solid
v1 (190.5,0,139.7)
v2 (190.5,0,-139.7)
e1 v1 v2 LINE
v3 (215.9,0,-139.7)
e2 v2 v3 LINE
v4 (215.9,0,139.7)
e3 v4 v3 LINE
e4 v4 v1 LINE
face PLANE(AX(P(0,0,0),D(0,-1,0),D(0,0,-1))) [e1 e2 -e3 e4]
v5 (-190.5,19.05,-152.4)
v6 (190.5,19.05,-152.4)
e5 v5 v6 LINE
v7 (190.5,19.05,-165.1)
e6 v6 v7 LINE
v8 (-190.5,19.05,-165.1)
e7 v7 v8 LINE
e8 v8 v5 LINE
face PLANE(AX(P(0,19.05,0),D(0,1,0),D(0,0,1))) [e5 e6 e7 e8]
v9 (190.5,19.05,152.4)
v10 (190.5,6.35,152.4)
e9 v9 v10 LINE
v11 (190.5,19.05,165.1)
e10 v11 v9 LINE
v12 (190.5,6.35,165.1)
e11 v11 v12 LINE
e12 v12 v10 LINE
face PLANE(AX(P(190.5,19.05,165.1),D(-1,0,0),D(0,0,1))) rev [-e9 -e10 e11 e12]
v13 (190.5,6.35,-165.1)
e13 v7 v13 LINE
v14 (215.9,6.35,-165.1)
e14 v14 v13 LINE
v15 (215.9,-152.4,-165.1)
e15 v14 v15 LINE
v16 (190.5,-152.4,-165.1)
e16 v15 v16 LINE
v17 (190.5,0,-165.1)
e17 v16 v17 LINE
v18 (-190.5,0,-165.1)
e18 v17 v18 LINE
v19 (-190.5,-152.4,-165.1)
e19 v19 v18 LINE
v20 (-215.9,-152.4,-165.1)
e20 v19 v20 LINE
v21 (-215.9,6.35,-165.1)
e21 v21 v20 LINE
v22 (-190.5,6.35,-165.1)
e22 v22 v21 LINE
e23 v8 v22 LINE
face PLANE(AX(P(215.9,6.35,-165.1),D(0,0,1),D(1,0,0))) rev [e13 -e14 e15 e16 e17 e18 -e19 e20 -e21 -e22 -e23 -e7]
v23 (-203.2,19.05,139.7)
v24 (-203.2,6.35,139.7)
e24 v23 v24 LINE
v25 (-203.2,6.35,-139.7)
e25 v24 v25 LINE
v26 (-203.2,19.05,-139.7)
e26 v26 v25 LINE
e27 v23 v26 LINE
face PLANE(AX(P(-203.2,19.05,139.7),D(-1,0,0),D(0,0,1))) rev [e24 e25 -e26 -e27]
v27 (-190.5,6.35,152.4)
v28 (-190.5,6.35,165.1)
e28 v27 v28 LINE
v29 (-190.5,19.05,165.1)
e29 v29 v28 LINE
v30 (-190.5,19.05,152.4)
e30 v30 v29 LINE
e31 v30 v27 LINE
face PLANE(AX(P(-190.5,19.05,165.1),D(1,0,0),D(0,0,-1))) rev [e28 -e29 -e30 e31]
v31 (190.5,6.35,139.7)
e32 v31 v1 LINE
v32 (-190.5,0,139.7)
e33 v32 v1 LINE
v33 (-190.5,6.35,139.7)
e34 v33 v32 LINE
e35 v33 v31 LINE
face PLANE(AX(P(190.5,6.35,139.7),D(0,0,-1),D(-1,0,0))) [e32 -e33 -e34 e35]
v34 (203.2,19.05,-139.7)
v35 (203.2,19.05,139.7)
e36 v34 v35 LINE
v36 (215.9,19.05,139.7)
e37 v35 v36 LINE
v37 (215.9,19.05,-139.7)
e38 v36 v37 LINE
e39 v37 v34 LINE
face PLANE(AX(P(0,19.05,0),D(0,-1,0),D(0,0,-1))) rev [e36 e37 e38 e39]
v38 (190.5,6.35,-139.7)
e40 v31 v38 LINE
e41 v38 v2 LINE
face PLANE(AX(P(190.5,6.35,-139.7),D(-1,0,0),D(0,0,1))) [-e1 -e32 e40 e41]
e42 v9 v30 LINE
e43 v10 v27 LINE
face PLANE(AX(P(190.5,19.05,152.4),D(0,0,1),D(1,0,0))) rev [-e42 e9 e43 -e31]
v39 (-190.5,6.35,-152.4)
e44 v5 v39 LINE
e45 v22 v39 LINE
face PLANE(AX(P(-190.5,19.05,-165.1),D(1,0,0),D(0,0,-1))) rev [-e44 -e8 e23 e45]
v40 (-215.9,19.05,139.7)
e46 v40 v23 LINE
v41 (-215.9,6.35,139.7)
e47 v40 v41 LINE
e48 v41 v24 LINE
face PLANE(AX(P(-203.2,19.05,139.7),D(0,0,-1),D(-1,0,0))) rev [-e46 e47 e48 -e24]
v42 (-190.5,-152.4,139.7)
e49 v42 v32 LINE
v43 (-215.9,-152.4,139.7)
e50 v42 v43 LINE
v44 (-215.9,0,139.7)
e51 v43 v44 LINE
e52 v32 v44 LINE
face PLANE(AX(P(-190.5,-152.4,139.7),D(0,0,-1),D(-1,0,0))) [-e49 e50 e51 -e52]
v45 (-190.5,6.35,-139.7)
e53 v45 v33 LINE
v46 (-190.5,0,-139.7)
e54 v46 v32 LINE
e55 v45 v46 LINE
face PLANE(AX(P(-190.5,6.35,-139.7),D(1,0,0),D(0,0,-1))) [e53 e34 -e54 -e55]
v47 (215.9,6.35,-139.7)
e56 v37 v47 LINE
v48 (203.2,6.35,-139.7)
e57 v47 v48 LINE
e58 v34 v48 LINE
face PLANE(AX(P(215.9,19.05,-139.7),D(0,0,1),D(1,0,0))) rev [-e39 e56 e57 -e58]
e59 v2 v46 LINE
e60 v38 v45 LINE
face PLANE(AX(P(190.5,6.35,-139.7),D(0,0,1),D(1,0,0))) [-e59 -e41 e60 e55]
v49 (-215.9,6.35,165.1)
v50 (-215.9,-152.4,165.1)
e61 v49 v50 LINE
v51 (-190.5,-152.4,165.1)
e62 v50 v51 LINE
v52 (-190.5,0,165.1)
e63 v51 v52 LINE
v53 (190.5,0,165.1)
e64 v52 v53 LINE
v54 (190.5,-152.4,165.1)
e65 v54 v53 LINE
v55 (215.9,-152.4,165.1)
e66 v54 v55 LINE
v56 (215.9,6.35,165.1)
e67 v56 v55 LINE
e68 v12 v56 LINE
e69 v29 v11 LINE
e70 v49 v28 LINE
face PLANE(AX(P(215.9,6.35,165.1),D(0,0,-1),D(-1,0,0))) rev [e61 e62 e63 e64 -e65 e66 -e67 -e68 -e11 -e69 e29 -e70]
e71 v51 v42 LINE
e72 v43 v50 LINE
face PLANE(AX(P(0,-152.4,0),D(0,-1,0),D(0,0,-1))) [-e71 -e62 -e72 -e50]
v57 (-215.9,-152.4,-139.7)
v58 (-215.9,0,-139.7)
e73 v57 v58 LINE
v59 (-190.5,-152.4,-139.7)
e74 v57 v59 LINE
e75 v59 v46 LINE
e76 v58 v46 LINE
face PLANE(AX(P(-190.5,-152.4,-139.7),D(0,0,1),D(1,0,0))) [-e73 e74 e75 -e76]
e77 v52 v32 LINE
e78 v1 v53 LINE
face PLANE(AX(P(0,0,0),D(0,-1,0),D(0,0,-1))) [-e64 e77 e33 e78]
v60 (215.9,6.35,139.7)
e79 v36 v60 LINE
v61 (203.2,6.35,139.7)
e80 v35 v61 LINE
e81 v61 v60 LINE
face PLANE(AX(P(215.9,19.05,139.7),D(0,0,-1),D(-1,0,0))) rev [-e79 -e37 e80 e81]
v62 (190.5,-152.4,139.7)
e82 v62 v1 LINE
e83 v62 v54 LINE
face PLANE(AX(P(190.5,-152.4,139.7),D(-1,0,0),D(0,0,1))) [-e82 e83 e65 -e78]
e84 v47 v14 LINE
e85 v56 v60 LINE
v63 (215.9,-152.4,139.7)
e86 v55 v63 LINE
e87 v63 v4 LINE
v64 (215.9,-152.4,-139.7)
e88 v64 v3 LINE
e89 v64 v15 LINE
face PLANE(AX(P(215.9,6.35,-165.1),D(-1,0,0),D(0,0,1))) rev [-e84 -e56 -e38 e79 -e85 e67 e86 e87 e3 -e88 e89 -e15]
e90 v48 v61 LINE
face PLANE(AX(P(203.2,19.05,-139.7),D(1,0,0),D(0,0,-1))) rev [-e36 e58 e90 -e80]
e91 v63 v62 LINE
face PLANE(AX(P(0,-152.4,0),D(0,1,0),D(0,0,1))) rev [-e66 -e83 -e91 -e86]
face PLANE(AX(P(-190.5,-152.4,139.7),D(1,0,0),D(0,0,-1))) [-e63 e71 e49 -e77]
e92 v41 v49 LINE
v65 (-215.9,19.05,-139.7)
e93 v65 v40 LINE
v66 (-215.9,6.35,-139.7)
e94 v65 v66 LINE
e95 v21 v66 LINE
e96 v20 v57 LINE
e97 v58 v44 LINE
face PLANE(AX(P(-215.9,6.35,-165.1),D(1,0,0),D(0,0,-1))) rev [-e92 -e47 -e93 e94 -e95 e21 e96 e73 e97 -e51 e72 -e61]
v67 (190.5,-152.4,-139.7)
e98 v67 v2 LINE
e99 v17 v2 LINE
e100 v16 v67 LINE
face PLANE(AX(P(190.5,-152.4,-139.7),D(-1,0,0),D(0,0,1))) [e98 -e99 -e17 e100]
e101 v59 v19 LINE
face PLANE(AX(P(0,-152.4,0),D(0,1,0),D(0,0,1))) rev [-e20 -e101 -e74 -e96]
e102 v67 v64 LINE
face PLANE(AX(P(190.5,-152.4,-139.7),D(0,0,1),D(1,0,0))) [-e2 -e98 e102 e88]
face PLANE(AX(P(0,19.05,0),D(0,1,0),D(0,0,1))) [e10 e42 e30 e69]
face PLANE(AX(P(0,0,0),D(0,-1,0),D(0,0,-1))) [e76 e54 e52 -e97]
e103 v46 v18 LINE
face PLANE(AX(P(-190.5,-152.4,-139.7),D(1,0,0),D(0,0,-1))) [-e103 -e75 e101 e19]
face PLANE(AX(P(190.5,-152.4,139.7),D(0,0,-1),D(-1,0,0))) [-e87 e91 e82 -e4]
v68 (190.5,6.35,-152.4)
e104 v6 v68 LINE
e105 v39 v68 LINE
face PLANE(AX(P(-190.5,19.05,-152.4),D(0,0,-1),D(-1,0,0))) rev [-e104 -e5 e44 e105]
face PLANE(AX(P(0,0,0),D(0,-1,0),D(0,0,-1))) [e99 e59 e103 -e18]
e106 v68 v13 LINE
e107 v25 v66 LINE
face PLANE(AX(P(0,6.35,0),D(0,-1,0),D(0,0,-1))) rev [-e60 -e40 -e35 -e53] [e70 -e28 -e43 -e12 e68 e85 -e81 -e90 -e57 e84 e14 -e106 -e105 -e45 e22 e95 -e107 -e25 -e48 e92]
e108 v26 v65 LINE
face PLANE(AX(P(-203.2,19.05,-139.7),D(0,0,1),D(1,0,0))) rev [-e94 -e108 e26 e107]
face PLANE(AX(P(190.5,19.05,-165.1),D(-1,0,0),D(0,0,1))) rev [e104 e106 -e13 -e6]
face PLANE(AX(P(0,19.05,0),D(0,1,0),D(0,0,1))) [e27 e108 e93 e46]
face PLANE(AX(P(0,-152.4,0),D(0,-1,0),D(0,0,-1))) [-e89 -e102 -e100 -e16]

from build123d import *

# Parameters (mm, degrees)
SKETCH1_W           = 431.8
SKETCH1_H           = 330.2
SKETCH1_W_2         = 381
SKETCH1_H_2         = 279.4
BOSS_EXTRUDE1_DEPTH = 6.35
SKETCH2_W           = 25.4
SKETCH2_H           = 25.4
BOSS_EXTRUDE2_DEPTH = 152.4
SKETCH3_W           = 12.7
SKETCH3_H           = 279.4
SKETCH3_W_2         = 381
SKETCH3_H_2         = 12.7
BOSS_EXTRUDE3_DEPTH = 12.7


with BuildPart() as part:
    # Sketch1 → Boss-Extrude1 (new body)
    with BuildSketch(Plane(origin=(0, 0, 0), x_dir=(1, 0, 0), z_dir=(0, 1, 0))):
        Rectangle(SKETCH1_W, SKETCH1_H)
        Rectangle(SKETCH1_W_2, SKETCH1_H_2, mode=Mode.SUBTRACT)
    extrude(amount=BOSS_EXTRUDE1_DEPTH)

    # Sketch2 → Boss-Extrude2 (add)
    with BuildSketch(Plane(origin=(0, 0, 0), x_dir=(1, 0, 0), z_dir=(0, 1, 0))):
        with Locations((-203.2, -152.4)):
            Rectangle(SKETCH2_W, SKETCH2_H)
        with Locations((-203.2, 152.4)):
            Rectangle(SKETCH2_W, SKETCH2_H)
        with Locations((203.2, 152.4)):
            Rectangle(SKETCH2_W, SKETCH2_H)
        with Locations((203.2, -152.4)):
            Rectangle(SKETCH2_W, SKETCH2_H)
    extrude(amount=-BOSS_EXTRUDE2_DEPTH)

    # Sketch3 → Boss-Extrude3 (add)
    with BuildSketch(Plane(origin=(0, 6.35, 0), x_dir=(1, 0, 0), z_dir=(0, 1, 0))):
        with Locations((-209.55, 0)):
            Rectangle(SKETCH3_W, SKETCH3_H)
        with Locations((0, 158.75)):
            Rectangle(SKETCH3_W_2, SKETCH3_H_2)
        with Locations((209.55, 0)):
            Rectangle(SKETCH3_W, SKETCH3_H)
        with Locations((0, -158.75)):
            Rectangle(SKETCH3_W_2, SKETCH3_H_2)
    extrude(amount=BOSS_EXTRUDE3_DEPTH)


solid = part.part
